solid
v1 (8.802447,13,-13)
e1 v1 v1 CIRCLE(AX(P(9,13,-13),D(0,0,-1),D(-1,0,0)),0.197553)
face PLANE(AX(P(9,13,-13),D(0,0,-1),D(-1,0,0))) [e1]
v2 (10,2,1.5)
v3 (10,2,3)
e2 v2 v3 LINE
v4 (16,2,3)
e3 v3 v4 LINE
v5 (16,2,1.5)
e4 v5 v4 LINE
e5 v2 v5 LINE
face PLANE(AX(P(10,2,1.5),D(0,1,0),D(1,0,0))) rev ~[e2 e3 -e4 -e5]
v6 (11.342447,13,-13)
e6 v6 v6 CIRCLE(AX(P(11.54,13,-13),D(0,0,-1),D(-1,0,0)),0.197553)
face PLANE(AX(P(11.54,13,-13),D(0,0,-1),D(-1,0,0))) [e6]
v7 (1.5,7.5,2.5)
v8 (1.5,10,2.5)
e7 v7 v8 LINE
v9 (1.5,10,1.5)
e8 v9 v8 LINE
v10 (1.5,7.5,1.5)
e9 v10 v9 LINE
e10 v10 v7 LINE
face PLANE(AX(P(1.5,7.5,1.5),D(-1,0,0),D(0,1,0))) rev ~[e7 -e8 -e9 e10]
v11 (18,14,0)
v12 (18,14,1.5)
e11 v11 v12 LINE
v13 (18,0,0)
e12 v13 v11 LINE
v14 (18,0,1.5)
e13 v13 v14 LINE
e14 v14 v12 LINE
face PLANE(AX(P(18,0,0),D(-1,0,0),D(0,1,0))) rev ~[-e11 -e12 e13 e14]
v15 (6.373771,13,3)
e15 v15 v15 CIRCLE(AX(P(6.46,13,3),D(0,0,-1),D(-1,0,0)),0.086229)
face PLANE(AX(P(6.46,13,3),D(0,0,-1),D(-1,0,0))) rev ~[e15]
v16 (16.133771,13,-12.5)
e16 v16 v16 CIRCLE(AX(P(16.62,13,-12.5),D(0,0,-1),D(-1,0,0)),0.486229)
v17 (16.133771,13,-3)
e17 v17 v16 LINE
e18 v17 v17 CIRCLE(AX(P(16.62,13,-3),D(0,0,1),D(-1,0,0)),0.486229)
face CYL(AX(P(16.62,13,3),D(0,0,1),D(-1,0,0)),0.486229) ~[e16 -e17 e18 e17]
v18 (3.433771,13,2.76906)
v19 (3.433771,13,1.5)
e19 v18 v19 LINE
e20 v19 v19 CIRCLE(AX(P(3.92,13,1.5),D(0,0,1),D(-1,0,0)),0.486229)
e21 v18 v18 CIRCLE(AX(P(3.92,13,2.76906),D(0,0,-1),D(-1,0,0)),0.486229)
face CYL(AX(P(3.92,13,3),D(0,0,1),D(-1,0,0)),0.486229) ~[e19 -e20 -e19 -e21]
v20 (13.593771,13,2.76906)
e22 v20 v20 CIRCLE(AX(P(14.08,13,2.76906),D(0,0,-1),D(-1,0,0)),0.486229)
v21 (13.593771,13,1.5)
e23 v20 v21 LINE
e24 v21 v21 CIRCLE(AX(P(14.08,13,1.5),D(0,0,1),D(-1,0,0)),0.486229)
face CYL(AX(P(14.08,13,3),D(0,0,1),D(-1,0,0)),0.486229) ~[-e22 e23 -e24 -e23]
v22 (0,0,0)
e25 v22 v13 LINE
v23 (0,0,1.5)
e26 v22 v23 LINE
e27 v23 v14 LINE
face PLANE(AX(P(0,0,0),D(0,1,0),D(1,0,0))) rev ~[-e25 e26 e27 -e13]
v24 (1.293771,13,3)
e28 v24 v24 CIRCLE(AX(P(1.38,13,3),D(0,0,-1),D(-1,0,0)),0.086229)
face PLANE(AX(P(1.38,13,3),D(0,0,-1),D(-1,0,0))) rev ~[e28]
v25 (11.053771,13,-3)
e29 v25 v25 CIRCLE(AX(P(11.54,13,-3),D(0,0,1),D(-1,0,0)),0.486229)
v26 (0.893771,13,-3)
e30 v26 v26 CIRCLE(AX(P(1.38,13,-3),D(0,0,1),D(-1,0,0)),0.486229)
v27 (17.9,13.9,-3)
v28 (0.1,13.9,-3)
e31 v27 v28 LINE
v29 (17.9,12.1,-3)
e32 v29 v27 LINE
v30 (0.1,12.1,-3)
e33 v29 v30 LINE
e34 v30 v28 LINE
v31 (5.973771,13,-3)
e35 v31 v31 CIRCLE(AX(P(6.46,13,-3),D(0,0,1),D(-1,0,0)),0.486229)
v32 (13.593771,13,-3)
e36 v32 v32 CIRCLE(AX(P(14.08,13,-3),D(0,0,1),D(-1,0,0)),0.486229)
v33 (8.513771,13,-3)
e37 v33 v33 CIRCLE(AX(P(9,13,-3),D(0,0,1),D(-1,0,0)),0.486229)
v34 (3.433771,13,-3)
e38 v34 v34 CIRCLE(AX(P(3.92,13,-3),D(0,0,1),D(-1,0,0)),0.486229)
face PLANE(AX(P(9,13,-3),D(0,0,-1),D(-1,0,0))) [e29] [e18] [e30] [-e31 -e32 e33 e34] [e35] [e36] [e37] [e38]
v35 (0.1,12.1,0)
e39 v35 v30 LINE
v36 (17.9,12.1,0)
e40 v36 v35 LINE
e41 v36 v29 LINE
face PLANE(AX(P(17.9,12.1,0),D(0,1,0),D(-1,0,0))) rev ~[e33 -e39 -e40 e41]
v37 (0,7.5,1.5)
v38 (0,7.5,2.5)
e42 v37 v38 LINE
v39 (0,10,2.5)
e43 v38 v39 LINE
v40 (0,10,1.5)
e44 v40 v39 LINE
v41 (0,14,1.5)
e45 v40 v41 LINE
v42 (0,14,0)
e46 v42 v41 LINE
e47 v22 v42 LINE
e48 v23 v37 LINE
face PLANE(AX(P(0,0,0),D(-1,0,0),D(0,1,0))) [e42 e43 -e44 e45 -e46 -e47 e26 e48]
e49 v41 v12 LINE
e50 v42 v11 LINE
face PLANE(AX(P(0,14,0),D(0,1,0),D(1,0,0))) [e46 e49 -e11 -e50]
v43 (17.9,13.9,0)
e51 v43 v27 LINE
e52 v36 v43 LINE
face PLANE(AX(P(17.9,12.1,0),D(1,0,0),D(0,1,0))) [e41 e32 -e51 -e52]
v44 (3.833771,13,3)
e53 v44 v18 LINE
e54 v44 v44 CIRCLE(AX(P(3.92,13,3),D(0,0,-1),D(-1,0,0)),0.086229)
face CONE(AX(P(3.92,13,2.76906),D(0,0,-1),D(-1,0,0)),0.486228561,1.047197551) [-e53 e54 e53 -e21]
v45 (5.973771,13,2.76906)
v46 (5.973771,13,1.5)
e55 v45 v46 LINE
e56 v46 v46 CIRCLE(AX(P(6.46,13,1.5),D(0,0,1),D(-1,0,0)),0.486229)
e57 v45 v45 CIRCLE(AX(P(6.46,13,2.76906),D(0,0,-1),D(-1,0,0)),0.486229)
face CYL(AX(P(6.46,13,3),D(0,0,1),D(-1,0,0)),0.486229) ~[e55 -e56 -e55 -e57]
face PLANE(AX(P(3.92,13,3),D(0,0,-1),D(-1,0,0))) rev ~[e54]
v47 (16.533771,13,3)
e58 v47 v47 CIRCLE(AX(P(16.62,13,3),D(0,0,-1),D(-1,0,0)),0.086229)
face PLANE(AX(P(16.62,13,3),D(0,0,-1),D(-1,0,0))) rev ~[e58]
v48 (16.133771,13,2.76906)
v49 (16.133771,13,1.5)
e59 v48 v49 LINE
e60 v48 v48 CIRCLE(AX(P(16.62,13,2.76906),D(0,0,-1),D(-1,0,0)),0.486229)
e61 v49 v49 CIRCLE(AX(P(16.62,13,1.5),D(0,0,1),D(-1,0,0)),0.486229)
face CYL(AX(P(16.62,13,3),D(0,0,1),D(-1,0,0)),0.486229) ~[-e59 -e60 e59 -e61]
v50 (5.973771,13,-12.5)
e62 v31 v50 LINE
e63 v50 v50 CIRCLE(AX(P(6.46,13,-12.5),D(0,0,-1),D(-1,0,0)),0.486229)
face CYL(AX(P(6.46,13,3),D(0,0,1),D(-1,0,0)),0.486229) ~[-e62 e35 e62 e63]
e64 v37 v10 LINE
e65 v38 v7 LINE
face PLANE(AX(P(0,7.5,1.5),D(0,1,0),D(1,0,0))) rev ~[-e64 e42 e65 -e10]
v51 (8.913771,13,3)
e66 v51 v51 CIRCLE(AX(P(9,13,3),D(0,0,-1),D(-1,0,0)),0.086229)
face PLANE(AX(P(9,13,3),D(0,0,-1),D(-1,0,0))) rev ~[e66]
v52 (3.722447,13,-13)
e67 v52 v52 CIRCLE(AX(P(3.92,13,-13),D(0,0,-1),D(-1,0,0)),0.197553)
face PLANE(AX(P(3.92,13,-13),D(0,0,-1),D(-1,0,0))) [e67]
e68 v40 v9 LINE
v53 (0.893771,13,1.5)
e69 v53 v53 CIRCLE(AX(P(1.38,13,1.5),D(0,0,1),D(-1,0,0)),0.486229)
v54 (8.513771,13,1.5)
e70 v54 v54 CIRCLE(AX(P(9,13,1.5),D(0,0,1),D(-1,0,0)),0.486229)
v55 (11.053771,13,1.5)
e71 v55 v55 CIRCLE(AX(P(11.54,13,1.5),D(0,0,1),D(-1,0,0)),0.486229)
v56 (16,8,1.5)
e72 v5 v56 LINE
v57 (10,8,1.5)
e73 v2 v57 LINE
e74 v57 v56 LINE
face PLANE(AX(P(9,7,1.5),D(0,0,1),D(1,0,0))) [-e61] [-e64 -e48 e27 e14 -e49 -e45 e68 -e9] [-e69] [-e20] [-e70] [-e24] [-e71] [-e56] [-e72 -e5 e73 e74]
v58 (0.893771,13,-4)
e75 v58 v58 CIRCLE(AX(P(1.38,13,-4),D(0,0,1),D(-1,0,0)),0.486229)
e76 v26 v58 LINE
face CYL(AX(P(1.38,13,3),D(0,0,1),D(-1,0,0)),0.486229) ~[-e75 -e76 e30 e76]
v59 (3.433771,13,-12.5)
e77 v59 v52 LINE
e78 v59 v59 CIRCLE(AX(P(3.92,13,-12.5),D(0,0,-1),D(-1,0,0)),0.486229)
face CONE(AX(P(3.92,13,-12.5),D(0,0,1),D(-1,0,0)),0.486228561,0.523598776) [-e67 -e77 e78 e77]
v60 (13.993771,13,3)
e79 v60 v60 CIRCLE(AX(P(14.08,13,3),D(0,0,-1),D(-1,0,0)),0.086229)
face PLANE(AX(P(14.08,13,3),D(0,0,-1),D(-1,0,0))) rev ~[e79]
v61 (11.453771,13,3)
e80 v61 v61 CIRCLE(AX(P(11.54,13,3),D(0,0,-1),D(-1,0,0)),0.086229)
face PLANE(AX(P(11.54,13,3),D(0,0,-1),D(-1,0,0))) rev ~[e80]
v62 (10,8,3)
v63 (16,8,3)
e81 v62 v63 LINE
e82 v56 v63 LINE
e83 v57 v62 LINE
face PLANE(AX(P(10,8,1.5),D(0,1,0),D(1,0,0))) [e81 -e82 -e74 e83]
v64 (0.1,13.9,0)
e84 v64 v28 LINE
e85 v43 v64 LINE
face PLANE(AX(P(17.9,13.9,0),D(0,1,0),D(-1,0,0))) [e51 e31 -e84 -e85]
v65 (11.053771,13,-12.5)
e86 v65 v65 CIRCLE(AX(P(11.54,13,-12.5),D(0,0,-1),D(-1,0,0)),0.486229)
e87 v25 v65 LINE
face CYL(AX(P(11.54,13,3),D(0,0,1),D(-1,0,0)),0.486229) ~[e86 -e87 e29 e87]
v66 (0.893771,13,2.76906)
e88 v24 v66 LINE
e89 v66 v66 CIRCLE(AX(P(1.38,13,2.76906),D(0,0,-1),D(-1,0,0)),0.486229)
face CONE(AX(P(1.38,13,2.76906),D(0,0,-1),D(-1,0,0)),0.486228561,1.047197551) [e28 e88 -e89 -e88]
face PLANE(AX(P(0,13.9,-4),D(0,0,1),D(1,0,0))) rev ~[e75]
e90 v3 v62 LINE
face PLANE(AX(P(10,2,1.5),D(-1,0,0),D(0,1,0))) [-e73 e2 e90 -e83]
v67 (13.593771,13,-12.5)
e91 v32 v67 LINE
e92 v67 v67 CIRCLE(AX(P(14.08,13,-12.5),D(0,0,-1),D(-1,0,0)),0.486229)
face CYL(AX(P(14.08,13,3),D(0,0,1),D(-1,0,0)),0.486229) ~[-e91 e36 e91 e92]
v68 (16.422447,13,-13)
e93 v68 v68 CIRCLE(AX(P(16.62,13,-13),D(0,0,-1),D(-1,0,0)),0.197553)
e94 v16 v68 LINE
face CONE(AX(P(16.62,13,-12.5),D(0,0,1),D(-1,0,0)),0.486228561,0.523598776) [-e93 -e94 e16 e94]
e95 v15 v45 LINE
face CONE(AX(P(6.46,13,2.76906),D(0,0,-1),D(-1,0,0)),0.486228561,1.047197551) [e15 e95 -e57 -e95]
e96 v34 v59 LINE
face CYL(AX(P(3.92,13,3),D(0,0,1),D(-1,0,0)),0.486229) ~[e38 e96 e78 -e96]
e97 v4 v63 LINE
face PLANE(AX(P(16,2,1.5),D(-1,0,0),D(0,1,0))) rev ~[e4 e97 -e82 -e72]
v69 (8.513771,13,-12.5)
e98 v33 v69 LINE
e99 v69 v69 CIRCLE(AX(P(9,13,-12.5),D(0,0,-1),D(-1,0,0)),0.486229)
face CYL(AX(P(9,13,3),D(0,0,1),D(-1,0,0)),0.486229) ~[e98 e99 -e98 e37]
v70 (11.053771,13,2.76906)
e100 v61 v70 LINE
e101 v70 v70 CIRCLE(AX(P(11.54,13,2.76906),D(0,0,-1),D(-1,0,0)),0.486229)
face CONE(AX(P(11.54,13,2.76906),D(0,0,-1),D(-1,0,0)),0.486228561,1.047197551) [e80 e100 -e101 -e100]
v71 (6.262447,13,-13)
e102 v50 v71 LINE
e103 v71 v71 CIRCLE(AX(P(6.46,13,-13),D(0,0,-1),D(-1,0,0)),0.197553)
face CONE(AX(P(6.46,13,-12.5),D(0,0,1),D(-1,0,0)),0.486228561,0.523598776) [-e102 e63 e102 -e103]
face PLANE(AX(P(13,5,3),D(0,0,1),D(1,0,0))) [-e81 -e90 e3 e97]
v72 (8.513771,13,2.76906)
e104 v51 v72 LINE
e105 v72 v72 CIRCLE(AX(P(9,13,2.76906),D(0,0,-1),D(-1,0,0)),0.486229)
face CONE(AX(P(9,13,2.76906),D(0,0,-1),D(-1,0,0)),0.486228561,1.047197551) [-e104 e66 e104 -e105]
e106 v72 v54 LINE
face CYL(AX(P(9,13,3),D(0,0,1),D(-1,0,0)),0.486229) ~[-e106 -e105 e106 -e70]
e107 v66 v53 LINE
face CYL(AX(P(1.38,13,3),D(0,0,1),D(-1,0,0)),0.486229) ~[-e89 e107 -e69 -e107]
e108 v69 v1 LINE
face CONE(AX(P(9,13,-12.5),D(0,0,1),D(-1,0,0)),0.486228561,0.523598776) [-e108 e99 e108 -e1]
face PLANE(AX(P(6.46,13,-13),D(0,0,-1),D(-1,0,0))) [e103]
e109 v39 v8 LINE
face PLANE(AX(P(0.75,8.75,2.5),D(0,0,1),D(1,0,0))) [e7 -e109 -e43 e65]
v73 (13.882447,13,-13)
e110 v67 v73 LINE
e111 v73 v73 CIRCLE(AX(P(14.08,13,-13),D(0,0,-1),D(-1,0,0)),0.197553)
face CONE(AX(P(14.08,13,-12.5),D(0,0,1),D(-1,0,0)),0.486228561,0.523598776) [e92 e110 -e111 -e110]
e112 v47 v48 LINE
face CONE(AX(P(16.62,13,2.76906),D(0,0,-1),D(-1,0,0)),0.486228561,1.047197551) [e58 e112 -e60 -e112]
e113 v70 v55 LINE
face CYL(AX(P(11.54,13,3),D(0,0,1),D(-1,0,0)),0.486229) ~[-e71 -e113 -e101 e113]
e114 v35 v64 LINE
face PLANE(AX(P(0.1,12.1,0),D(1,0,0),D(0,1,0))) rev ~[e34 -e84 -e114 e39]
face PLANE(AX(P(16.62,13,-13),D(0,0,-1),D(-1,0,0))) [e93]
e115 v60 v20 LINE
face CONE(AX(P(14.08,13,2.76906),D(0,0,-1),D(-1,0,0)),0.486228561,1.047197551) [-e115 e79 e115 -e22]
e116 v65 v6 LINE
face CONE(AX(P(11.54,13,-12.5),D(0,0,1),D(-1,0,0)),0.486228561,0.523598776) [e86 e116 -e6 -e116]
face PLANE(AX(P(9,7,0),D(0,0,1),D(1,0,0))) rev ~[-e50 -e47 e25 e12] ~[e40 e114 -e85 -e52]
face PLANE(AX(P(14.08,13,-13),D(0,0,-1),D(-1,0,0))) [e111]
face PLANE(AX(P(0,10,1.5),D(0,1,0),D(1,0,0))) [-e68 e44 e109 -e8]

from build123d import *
from OCP.BRepFilletAPI import BRepFilletAPI_MakeChamfer

# Parameters (mm, degrees)
ESQUISSE1_W             = 18
ESQUISSE1_H             = 14
BOSS_EXTRU_1_DEPTH      = 1.5
ESQUISSE4_W             = 1.5
ESQUISSE4_H             = 2.5
BOSS_EXTRU_4_DEPTH      = 1
ESQUISSE5_W             = 17.8
ESQUISSE5_H             = 1.8
BOSS_EXTRU_5_DEPTH      = 3
BOSS_EXTRU_6_DEPTH      = 10
BOSS_EXTRU_6_DEPTH_BACK = 6
ESQUISSE6_R             = 0.486228561
CHANFREIN2_SIZE         = 0.5
CHANFREIN2_SIZE2        = 0.288675135
ESQUISSE7_W             = 2.5
ESQUISSE7_H             = 9.31757076
ENL_V_MAT_EXTRU_1_DEPTH = 27.195610319
CHANFREIN3_SIZE         = 0.4
CHANFREIN3_SIZE2        = 0.230940108
ESQUISSE8_W             = 6
ESQUISSE8_H             = 6
BOSS_EXTRU_7_DEPTH      = 1.5


with BuildPart() as part:
    # Esquisse1 → Boss.-Extru.1 (new body)
    with BuildSketch(Plane.XY):
        with Locations((9, 7)):
            Rectangle(ESQUISSE1_W, ESQUISSE1_H)
    extrude(amount=BOSS_EXTRU_1_DEPTH)

    # Esquisse4 → Boss.-Extru.4 (add)
    with BuildSketch(Plane.XY.offset(1.5)):
        with Locations((0.75, 8.75)):
            Rectangle(ESQUISSE4_W, ESQUISSE4_H)
    extrude(amount=BOSS_EXTRU_4_DEPTH)

    # Esquisse5 → Boss.-Extru.5 (add)
    with BuildSketch(Plane(origin=(0, 0, 0), x_dir=(-1, 0, 0), z_dir=(0, 0, -1))):
        with Locations((-9, 13)):
            Rectangle(ESQUISSE5_W, ESQUISSE5_H)
    extrude(amount=BOSS_EXTRU_5_DEPTH)

    # Esquisse6 → Boss.-Extru.6 (add, two sides: drawn at the far end of the back side and taken through both)
    with BuildSketch(Plane(origin=(0, 0, -3), x_dir=(-1, 0, 0), z_dir=(0, 0, -1)).offset(-BOSS_EXTRU_6_DEPTH_BACK)):
        with Locations((-1.38, 13)):
            Circle(ESQUISSE6_R)
        with Locations((-3.92, 13)):
            Circle(ESQUISSE6_R)
        with Locations((-6.46, 13)):
            Circle(ESQUISSE6_R)
        with Locations((-9, 13)):
            Circle(ESQUISSE6_R)
        with Locations((-11.54, 13)):
            Circle(ESQUISSE6_R)
        with Locations((-14.08, 13)):
            Circle(ESQUISSE6_R)
        with Locations((-16.62, 13)):
            Circle(ESQUISSE6_R)
    extrude(amount=BOSS_EXTRU_6_DEPTH + BOSS_EXTRU_6_DEPTH_BACK)

    # Chanfrein2: one chamfer whose edges measure the first distance from different faces: ONE call of the kernel's chamfer builder (chamfer() names one face for all edges)
    chanfrein2_edges_1 = [part.edges().sort_by_distance(p)[0] for p in [
        (1.866228561, 13, -13),
    ]]
    chanfrein2_side_1 = [part.faces().sort_by_distance(p)[0] for p in [
        (1.866228561, 13, -8),
    ]]
    chanfrein2_edges_2 = [part.edges().sort_by_distance(p)[0] for p in [
        (4.406228561, 13, -13),
    ]]
    chanfrein2_side_2 = [part.faces().sort_by_distance(p)[0] for p in [
        (4.406228561, 13, -8),
    ]]
    chanfrein2_edges_3 = [part.edges().sort_by_distance(p)[0] for p in [
        (6.946228561, 13, -13),
    ]]
    chanfrein2_side_3 = [part.faces().sort_by_distance(p)[0] for p in [
        (6.946228561, 13, -8),
    ]]
    chanfrein2_edges_4 = [part.edges().sort_by_distance(p)[0] for p in [
        (9.486228561, 13, -13),
    ]]
    chanfrein2_side_4 = [part.faces().sort_by_distance(p)[0] for p in [
        (9.486228561, 13, -8),
    ]]
    chanfrein2_edges_5 = [part.edges().sort_by_distance(p)[0] for p in [
        (12.026228561, 13, -13),
    ]]
    chanfrein2_side_5 = [part.faces().sort_by_distance(p)[0] for p in [
        (12.026228561, 13, -8),
    ]]
    chanfrein2_edges_6 = [part.edges().sort_by_distance(p)[0] for p in [
        (14.566228561, 13, -13),
    ]]
    chanfrein2_side_6 = [part.faces().sort_by_distance(p)[0] for p in [
        (14.566228561, 13, -8),
    ]]
    chanfrein2_edges_7 = [part.edges().sort_by_distance(p)[0] for p in [
        (17.106228561, 13, -13),
    ]]
    chanfrein2_side_7 = [part.faces().sort_by_distance(p)[0] for p in [
        (17.106228561, 13, -8),
    ]]
    chanfrein2 = BRepFilletAPI_MakeChamfer(part.part.solid().wrapped)
    for e in chanfrein2_edges_1:
        chanfrein2.Add(CHANFREIN2_SIZE, CHANFREIN2_SIZE2, e.wrapped, chanfrein2_side_1[0].wrapped)  # the first distance lies on this face
    for e in chanfrein2_edges_2:
        chanfrein2.Add(CHANFREIN2_SIZE, CHANFREIN2_SIZE2, e.wrapped, chanfrein2_side_2[0].wrapped)  # the first distance lies on this face
    for e in chanfrein2_edges_3:
        chanfrein2.Add(CHANFREIN2_SIZE, CHANFREIN2_SIZE2, e.wrapped, chanfrein2_side_3[0].wrapped)  # the first distance lies on this face
    for e in chanfrein2_edges_4:
        chanfrein2.Add(CHANFREIN2_SIZE, CHANFREIN2_SIZE2, e.wrapped, chanfrein2_side_4[0].wrapped)  # the first distance lies on this face
    for e in chanfrein2_edges_5:
        chanfrein2.Add(CHANFREIN2_SIZE, CHANFREIN2_SIZE2, e.wrapped, chanfrein2_side_5[0].wrapped)  # the first distance lies on this face
    for e in chanfrein2_edges_6:
        chanfrein2.Add(CHANFREIN2_SIZE, CHANFREIN2_SIZE2, e.wrapped, chanfrein2_side_6[0].wrapped)  # the first distance lies on this face
    for e in chanfrein2_edges_7:
        chanfrein2.Add(CHANFREIN2_SIZE, CHANFREIN2_SIZE2, e.wrapped, chanfrein2_side_7[0].wrapped)  # the first distance lies on this face
    add(Compound.cast(chanfrein2.Shape()), mode=Mode.REPLACE)

    # Esquisse7 → Enlèv. mat.-Extru.1 (cut, through all)
    with BuildSketch(Plane(origin=(0, 13.9, 0), x_dir=(1, 0, 0), z_dir=(0, 1, 0))):
        with Locations((1.25, 8.65878538)):
            Rectangle(ESQUISSE7_W, ESQUISSE7_H)
    extrude(amount=-ENL_V_MAT_EXTRU_1_DEPTH, mode=Mode.SUBTRACT)

    # Chanfrein3: one chamfer whose edges measure the first distance from different faces: ONE call of the kernel's chamfer builder (chamfer() names one face for all edges)
    chanfrein3_edges_1 = [part.edges().sort_by_distance(p)[0] for p in [
        (1.866228561, 13, 3),
    ]]
    chanfrein3_side_1 = [part.faces().sort_by_distance(p)[0] for p in [
        (1.38, 13, 3),
    ]]
    chanfrein3_edges_2 = [part.edges().sort_by_distance(p)[0] for p in [
        (4.406228561, 13, 3),
    ]]
    chanfrein3_side_2 = [part.faces().sort_by_distance(p)[0] for p in [
        (3.92, 13, 3),
    ]]
    chanfrein3_edges_3 = [part.edges().sort_by_distance(p)[0] for p in [
        (6.946228561, 13, 3),
    ]]
    chanfrein3_side_3 = [part.faces().sort_by_distance(p)[0] for p in [
        (6.46, 13, 3),
    ]]
    chanfrein3_edges_4 = [part.edges().sort_by_distance(p)[0] for p in [
        (9.486228561, 13, 3),
    ]]
    chanfrein3_side_4 = [part.faces().sort_by_distance(p)[0] for p in [
        (9, 13, 3),
    ]]
    chanfrein3_edges_5 = [part.edges().sort_by_distance(p)[0] for p in [
        (12.026228561, 13, 3),
    ]]
    chanfrein3_side_5 = [part.faces().sort_by_distance(p)[0] for p in [
        (11.54, 13, 3),
    ]]
    chanfrein3_edges_6 = [part.edges().sort_by_distance(p)[0] for p in [
        (14.566228561, 13, 3),
    ]]
    chanfrein3_side_6 = [part.faces().sort_by_distance(p)[0] for p in [
        (14.08, 13, 3),
    ]]
    chanfrein3_edges_7 = [part.edges().sort_by_distance(p)[0] for p in [
        (17.106228561, 13, 3),
    ]]
    chanfrein3_side_7 = [part.faces().sort_by_distance(p)[0] for p in [
        (16.62, 13, 3),
    ]]
    chanfrein3 = BRepFilletAPI_MakeChamfer(part.part.solid().wrapped)
    for e in chanfrein3_edges_1:
        chanfrein3.Add(CHANFREIN3_SIZE, CHANFREIN3_SIZE2, e.wrapped, chanfrein3_side_1[0].wrapped)  # the first distance lies on this face
    for e in chanfrein3_edges_2:
        chanfrein3.Add(CHANFREIN3_SIZE, CHANFREIN3_SIZE2, e.wrapped, chanfrein3_side_2[0].wrapped)  # the first distance lies on this face
    for e in chanfrein3_edges_3:
        chanfrein3.Add(CHANFREIN3_SIZE, CHANFREIN3_SIZE2, e.wrapped, chanfrein3_side_3[0].wrapped)  # the first distance lies on this face
    for e in chanfrein3_edges_4:
        chanfrein3.Add(CHANFREIN3_SIZE, CHANFREIN3_SIZE2, e.wrapped, chanfrein3_side_4[0].wrapped)  # the first distance lies on this face
    for e in chanfrein3_edges_5:
        chanfrein3.Add(CHANFREIN3_SIZE, CHANFREIN3_SIZE2, e.wrapped, chanfrein3_side_5[0].wrapped)  # the first distance lies on this face
    for e in chanfrein3_edges_6:
        chanfrein3.Add(CHANFREIN3_SIZE, CHANFREIN3_SIZE2, e.wrapped, chanfrein3_side_6[0].wrapped)  # the first distance lies on this face
    for e in chanfrein3_edges_7:
        chanfrein3.Add(CHANFREIN3_SIZE, CHANFREIN3_SIZE2, e.wrapped, chanfrein3_side_7[0].wrapped)  # the first distance lies on this face
    add(Compound.cast(chanfrein3.Shape()), mode=Mode.REPLACE)

    # Esquisse8 → Boss.-Extru.7 (add)
    with BuildSketch(Plane.XY.offset(1.5)):
        with Locations((13, 5)):
            Rectangle(ESQUISSE8_W, ESQUISSE8_H)
    extrude(amount=BOSS_EXTRU_7_DEPTH)


solid = part.part
